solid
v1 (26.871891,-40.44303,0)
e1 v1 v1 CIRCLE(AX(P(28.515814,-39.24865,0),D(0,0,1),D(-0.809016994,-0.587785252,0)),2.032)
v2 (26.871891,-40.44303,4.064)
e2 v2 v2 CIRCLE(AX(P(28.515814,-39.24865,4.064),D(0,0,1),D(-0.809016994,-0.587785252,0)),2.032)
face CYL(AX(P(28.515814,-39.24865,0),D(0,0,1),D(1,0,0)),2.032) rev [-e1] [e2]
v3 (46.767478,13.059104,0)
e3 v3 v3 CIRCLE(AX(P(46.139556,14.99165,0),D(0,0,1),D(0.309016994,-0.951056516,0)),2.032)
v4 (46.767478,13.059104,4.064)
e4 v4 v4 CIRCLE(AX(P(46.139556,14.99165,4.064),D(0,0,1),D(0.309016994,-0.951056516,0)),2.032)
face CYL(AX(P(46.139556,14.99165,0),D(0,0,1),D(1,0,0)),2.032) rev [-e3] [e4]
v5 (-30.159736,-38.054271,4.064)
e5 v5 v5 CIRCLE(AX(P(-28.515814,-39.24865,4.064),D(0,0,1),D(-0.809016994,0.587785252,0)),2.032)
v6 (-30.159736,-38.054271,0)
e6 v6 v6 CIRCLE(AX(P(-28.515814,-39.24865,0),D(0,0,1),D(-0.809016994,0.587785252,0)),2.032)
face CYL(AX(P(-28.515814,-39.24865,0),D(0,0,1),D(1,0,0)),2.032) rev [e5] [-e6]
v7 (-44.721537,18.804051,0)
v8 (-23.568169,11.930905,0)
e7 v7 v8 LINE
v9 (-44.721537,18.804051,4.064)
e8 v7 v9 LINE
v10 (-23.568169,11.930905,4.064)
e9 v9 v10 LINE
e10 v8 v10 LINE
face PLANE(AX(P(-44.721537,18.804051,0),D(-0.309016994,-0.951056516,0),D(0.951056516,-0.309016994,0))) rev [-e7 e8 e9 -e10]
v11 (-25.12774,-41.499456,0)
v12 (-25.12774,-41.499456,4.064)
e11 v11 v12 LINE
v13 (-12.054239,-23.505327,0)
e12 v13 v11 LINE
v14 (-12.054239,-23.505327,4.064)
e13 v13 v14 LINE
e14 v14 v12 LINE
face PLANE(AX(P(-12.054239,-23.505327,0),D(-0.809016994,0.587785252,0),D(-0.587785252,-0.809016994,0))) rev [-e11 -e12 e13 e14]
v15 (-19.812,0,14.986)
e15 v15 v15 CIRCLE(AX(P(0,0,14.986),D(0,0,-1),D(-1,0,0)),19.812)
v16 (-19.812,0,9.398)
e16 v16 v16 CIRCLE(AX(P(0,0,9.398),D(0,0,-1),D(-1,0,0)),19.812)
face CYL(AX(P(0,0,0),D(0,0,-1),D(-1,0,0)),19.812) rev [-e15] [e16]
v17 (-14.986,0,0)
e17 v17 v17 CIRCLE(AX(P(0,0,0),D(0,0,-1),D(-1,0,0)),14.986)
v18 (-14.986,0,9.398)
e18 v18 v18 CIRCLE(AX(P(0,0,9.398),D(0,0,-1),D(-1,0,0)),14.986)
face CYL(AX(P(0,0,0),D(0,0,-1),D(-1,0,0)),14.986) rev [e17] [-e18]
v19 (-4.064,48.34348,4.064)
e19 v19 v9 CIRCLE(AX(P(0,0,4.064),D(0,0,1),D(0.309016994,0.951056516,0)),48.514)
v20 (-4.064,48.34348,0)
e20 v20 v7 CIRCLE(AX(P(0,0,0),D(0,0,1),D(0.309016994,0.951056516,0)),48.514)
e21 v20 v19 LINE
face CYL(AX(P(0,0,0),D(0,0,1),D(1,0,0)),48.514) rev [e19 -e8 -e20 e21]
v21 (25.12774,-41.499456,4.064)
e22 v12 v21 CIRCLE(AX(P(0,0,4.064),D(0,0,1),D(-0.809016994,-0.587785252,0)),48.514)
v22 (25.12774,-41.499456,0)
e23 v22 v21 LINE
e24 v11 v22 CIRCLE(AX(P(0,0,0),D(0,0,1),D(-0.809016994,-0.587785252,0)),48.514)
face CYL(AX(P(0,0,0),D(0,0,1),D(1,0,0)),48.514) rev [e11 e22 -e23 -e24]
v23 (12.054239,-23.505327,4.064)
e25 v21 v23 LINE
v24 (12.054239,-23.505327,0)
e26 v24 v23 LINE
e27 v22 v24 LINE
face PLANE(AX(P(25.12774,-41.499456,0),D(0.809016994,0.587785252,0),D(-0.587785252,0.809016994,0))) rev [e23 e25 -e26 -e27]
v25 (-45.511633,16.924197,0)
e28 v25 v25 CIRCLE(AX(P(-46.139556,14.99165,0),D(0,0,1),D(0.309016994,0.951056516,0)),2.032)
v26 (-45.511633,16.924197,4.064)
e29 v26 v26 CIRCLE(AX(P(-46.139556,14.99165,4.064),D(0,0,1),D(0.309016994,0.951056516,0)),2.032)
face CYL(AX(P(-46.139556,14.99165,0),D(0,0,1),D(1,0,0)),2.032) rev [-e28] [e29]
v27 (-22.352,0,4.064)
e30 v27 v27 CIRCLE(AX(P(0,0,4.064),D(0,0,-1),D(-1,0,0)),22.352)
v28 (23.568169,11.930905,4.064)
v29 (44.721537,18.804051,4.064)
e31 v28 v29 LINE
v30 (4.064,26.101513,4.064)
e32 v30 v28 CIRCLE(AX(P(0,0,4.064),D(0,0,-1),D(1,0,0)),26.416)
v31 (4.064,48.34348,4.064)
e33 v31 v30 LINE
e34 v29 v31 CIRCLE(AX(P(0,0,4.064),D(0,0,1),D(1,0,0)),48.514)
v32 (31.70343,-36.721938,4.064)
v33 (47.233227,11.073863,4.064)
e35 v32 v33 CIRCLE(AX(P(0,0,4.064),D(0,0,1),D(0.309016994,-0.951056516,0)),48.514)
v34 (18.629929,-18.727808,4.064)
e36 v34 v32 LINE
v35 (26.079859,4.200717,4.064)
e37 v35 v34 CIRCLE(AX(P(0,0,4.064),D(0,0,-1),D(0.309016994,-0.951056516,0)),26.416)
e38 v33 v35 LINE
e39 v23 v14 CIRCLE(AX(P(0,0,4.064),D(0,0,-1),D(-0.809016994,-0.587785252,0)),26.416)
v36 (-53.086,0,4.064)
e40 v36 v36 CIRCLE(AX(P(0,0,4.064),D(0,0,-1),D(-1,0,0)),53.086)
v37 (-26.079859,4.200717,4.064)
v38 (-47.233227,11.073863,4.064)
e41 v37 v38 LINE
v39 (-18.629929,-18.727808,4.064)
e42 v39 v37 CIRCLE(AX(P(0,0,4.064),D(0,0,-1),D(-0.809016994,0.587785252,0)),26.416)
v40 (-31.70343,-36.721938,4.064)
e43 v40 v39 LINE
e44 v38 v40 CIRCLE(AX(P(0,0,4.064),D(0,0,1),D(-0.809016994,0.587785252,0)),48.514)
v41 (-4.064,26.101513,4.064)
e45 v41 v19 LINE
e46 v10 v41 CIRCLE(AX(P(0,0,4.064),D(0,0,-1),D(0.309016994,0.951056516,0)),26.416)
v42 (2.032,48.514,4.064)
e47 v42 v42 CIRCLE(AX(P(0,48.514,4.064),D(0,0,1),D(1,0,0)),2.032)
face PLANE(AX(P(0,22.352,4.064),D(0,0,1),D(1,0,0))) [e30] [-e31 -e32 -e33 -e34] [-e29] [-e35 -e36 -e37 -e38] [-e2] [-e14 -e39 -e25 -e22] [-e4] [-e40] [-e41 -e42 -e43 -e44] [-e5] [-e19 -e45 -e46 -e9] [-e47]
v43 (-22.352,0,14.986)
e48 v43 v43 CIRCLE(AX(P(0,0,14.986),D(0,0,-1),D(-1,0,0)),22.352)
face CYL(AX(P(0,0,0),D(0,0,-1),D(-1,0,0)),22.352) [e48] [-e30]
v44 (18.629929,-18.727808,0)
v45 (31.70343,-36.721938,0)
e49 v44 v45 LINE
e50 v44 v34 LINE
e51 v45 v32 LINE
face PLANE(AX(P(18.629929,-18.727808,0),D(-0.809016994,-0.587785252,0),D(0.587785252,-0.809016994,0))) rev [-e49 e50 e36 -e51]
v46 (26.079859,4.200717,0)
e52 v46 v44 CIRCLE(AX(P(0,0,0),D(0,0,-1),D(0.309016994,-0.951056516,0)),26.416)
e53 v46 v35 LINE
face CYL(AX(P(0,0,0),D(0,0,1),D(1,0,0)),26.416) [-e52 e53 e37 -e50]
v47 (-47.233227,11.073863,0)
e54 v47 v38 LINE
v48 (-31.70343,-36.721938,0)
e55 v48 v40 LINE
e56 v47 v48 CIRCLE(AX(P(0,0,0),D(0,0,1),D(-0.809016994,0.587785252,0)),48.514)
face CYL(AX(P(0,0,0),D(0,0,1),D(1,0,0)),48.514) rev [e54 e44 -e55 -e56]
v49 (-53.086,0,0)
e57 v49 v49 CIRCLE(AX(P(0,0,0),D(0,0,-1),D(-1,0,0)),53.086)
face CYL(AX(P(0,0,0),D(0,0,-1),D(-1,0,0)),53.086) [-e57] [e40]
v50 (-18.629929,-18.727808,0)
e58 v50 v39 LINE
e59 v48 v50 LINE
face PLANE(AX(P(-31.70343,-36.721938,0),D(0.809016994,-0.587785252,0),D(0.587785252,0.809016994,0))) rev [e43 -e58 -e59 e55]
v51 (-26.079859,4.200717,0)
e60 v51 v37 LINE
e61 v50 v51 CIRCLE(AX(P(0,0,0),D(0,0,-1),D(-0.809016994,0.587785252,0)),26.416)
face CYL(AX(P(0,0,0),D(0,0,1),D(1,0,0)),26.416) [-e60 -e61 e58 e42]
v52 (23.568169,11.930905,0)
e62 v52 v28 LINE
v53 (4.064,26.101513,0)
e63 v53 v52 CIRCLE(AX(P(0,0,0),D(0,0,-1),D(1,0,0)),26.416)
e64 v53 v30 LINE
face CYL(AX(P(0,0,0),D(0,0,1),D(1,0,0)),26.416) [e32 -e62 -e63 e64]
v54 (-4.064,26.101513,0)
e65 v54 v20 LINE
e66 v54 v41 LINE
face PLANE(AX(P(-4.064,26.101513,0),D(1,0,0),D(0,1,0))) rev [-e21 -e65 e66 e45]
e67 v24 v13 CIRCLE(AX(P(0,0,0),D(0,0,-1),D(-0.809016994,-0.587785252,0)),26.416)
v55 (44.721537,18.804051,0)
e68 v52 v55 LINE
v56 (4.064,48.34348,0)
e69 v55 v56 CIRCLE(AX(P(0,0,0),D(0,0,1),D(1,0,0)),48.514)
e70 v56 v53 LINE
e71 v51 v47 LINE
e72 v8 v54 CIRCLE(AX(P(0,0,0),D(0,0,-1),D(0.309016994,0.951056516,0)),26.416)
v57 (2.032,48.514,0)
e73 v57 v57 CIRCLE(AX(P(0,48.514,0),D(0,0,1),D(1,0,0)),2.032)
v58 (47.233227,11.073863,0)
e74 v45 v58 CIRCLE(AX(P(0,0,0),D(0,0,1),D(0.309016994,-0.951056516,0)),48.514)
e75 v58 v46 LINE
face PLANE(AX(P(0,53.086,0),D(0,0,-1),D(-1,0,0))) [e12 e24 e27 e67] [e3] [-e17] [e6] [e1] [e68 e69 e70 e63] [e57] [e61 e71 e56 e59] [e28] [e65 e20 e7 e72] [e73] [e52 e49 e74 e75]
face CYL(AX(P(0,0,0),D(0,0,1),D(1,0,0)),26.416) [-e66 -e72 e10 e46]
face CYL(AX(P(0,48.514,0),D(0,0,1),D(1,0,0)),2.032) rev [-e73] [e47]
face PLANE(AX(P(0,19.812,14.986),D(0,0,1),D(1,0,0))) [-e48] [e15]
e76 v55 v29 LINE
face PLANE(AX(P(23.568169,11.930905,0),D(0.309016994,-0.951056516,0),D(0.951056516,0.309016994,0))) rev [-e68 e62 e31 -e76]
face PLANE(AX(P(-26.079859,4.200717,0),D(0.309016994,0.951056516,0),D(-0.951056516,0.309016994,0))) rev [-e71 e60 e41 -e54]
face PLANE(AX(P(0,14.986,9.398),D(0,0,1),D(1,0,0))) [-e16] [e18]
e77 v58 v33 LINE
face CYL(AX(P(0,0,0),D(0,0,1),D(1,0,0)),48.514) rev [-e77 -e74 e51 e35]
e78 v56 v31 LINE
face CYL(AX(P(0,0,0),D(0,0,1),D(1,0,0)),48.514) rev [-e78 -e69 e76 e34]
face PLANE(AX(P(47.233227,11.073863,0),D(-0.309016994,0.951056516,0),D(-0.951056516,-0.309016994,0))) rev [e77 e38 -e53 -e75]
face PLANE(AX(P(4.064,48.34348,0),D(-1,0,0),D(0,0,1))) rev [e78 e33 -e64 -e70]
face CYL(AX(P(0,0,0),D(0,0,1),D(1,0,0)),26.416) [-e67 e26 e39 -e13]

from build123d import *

# Parameters (mm, degrees)
SKETCH2_R          = 2.032
CUT_EXTRUDE1_DEPTH = 76.865254735
CIRPATTERN1_COUNT  = 5


with BuildPart() as part:
    # Sketch1 → Revolve1 (revolve)
    with BuildSketch(Plane(origin=(0, 0, 0), x_dir=(0, 0, -1), z_dir=(1, 0, 0)), mode=Mode.PRIVATE) as revolve1_sk:
        Polygon((0, 14.986), (-9.398, 14.986), (-9.398, 19.812), (-14.986, 19.812), (-14.986, 22.352), (-4.064, 22.352), (-4.064, 53.086), (0, 53.086), align=None)
    revolve(revolve1_sk.sketch.rotate(Axis((0, 0, 0), (0, 0, 1)), 90), axis=Axis((0, 0, 0), (0, 0, 1)))

    # Sketch2 → Cut-Extrude1 (cut, through all)
    with BuildSketch(Plane.XY.offset(4.064)):
        with Locations((0, 48.514)):
            Circle(SKETCH2_R)
        with BuildLine():
            Line((4.064, 48.343480429), (4.064, 26.1015126))
            ThreePointArc((4.064, 26.1015126), (15.526935225, 21.370992923), (23.568168578, 11.930904654))
            Line((23.568168578, 11.930904654), (44.721537017, 18.804050702))
            ThreePointArc((44.721537017, 18.804050702), (28.51581373, 39.248650465), (4.064, 48.343480429))
        make_face()
    cut_extrude1 = extrude(amount=-CUT_EXTRUDE1_DEPTH, mode=Mode.SUBTRACT)

    # CirPattern1: Cut-Extrude1 ×5 about axis
    cirpattern1_axis = Axis((0, 0, 0), (0, 0, 1))
    for i in range(1, CIRPATTERN1_COUNT):
        add(cut_extrude1.rotate(cirpattern1_axis, i * 360 / CIRPATTERN1_COUNT), mode=Mode.SUBTRACT)


solid = part.part
